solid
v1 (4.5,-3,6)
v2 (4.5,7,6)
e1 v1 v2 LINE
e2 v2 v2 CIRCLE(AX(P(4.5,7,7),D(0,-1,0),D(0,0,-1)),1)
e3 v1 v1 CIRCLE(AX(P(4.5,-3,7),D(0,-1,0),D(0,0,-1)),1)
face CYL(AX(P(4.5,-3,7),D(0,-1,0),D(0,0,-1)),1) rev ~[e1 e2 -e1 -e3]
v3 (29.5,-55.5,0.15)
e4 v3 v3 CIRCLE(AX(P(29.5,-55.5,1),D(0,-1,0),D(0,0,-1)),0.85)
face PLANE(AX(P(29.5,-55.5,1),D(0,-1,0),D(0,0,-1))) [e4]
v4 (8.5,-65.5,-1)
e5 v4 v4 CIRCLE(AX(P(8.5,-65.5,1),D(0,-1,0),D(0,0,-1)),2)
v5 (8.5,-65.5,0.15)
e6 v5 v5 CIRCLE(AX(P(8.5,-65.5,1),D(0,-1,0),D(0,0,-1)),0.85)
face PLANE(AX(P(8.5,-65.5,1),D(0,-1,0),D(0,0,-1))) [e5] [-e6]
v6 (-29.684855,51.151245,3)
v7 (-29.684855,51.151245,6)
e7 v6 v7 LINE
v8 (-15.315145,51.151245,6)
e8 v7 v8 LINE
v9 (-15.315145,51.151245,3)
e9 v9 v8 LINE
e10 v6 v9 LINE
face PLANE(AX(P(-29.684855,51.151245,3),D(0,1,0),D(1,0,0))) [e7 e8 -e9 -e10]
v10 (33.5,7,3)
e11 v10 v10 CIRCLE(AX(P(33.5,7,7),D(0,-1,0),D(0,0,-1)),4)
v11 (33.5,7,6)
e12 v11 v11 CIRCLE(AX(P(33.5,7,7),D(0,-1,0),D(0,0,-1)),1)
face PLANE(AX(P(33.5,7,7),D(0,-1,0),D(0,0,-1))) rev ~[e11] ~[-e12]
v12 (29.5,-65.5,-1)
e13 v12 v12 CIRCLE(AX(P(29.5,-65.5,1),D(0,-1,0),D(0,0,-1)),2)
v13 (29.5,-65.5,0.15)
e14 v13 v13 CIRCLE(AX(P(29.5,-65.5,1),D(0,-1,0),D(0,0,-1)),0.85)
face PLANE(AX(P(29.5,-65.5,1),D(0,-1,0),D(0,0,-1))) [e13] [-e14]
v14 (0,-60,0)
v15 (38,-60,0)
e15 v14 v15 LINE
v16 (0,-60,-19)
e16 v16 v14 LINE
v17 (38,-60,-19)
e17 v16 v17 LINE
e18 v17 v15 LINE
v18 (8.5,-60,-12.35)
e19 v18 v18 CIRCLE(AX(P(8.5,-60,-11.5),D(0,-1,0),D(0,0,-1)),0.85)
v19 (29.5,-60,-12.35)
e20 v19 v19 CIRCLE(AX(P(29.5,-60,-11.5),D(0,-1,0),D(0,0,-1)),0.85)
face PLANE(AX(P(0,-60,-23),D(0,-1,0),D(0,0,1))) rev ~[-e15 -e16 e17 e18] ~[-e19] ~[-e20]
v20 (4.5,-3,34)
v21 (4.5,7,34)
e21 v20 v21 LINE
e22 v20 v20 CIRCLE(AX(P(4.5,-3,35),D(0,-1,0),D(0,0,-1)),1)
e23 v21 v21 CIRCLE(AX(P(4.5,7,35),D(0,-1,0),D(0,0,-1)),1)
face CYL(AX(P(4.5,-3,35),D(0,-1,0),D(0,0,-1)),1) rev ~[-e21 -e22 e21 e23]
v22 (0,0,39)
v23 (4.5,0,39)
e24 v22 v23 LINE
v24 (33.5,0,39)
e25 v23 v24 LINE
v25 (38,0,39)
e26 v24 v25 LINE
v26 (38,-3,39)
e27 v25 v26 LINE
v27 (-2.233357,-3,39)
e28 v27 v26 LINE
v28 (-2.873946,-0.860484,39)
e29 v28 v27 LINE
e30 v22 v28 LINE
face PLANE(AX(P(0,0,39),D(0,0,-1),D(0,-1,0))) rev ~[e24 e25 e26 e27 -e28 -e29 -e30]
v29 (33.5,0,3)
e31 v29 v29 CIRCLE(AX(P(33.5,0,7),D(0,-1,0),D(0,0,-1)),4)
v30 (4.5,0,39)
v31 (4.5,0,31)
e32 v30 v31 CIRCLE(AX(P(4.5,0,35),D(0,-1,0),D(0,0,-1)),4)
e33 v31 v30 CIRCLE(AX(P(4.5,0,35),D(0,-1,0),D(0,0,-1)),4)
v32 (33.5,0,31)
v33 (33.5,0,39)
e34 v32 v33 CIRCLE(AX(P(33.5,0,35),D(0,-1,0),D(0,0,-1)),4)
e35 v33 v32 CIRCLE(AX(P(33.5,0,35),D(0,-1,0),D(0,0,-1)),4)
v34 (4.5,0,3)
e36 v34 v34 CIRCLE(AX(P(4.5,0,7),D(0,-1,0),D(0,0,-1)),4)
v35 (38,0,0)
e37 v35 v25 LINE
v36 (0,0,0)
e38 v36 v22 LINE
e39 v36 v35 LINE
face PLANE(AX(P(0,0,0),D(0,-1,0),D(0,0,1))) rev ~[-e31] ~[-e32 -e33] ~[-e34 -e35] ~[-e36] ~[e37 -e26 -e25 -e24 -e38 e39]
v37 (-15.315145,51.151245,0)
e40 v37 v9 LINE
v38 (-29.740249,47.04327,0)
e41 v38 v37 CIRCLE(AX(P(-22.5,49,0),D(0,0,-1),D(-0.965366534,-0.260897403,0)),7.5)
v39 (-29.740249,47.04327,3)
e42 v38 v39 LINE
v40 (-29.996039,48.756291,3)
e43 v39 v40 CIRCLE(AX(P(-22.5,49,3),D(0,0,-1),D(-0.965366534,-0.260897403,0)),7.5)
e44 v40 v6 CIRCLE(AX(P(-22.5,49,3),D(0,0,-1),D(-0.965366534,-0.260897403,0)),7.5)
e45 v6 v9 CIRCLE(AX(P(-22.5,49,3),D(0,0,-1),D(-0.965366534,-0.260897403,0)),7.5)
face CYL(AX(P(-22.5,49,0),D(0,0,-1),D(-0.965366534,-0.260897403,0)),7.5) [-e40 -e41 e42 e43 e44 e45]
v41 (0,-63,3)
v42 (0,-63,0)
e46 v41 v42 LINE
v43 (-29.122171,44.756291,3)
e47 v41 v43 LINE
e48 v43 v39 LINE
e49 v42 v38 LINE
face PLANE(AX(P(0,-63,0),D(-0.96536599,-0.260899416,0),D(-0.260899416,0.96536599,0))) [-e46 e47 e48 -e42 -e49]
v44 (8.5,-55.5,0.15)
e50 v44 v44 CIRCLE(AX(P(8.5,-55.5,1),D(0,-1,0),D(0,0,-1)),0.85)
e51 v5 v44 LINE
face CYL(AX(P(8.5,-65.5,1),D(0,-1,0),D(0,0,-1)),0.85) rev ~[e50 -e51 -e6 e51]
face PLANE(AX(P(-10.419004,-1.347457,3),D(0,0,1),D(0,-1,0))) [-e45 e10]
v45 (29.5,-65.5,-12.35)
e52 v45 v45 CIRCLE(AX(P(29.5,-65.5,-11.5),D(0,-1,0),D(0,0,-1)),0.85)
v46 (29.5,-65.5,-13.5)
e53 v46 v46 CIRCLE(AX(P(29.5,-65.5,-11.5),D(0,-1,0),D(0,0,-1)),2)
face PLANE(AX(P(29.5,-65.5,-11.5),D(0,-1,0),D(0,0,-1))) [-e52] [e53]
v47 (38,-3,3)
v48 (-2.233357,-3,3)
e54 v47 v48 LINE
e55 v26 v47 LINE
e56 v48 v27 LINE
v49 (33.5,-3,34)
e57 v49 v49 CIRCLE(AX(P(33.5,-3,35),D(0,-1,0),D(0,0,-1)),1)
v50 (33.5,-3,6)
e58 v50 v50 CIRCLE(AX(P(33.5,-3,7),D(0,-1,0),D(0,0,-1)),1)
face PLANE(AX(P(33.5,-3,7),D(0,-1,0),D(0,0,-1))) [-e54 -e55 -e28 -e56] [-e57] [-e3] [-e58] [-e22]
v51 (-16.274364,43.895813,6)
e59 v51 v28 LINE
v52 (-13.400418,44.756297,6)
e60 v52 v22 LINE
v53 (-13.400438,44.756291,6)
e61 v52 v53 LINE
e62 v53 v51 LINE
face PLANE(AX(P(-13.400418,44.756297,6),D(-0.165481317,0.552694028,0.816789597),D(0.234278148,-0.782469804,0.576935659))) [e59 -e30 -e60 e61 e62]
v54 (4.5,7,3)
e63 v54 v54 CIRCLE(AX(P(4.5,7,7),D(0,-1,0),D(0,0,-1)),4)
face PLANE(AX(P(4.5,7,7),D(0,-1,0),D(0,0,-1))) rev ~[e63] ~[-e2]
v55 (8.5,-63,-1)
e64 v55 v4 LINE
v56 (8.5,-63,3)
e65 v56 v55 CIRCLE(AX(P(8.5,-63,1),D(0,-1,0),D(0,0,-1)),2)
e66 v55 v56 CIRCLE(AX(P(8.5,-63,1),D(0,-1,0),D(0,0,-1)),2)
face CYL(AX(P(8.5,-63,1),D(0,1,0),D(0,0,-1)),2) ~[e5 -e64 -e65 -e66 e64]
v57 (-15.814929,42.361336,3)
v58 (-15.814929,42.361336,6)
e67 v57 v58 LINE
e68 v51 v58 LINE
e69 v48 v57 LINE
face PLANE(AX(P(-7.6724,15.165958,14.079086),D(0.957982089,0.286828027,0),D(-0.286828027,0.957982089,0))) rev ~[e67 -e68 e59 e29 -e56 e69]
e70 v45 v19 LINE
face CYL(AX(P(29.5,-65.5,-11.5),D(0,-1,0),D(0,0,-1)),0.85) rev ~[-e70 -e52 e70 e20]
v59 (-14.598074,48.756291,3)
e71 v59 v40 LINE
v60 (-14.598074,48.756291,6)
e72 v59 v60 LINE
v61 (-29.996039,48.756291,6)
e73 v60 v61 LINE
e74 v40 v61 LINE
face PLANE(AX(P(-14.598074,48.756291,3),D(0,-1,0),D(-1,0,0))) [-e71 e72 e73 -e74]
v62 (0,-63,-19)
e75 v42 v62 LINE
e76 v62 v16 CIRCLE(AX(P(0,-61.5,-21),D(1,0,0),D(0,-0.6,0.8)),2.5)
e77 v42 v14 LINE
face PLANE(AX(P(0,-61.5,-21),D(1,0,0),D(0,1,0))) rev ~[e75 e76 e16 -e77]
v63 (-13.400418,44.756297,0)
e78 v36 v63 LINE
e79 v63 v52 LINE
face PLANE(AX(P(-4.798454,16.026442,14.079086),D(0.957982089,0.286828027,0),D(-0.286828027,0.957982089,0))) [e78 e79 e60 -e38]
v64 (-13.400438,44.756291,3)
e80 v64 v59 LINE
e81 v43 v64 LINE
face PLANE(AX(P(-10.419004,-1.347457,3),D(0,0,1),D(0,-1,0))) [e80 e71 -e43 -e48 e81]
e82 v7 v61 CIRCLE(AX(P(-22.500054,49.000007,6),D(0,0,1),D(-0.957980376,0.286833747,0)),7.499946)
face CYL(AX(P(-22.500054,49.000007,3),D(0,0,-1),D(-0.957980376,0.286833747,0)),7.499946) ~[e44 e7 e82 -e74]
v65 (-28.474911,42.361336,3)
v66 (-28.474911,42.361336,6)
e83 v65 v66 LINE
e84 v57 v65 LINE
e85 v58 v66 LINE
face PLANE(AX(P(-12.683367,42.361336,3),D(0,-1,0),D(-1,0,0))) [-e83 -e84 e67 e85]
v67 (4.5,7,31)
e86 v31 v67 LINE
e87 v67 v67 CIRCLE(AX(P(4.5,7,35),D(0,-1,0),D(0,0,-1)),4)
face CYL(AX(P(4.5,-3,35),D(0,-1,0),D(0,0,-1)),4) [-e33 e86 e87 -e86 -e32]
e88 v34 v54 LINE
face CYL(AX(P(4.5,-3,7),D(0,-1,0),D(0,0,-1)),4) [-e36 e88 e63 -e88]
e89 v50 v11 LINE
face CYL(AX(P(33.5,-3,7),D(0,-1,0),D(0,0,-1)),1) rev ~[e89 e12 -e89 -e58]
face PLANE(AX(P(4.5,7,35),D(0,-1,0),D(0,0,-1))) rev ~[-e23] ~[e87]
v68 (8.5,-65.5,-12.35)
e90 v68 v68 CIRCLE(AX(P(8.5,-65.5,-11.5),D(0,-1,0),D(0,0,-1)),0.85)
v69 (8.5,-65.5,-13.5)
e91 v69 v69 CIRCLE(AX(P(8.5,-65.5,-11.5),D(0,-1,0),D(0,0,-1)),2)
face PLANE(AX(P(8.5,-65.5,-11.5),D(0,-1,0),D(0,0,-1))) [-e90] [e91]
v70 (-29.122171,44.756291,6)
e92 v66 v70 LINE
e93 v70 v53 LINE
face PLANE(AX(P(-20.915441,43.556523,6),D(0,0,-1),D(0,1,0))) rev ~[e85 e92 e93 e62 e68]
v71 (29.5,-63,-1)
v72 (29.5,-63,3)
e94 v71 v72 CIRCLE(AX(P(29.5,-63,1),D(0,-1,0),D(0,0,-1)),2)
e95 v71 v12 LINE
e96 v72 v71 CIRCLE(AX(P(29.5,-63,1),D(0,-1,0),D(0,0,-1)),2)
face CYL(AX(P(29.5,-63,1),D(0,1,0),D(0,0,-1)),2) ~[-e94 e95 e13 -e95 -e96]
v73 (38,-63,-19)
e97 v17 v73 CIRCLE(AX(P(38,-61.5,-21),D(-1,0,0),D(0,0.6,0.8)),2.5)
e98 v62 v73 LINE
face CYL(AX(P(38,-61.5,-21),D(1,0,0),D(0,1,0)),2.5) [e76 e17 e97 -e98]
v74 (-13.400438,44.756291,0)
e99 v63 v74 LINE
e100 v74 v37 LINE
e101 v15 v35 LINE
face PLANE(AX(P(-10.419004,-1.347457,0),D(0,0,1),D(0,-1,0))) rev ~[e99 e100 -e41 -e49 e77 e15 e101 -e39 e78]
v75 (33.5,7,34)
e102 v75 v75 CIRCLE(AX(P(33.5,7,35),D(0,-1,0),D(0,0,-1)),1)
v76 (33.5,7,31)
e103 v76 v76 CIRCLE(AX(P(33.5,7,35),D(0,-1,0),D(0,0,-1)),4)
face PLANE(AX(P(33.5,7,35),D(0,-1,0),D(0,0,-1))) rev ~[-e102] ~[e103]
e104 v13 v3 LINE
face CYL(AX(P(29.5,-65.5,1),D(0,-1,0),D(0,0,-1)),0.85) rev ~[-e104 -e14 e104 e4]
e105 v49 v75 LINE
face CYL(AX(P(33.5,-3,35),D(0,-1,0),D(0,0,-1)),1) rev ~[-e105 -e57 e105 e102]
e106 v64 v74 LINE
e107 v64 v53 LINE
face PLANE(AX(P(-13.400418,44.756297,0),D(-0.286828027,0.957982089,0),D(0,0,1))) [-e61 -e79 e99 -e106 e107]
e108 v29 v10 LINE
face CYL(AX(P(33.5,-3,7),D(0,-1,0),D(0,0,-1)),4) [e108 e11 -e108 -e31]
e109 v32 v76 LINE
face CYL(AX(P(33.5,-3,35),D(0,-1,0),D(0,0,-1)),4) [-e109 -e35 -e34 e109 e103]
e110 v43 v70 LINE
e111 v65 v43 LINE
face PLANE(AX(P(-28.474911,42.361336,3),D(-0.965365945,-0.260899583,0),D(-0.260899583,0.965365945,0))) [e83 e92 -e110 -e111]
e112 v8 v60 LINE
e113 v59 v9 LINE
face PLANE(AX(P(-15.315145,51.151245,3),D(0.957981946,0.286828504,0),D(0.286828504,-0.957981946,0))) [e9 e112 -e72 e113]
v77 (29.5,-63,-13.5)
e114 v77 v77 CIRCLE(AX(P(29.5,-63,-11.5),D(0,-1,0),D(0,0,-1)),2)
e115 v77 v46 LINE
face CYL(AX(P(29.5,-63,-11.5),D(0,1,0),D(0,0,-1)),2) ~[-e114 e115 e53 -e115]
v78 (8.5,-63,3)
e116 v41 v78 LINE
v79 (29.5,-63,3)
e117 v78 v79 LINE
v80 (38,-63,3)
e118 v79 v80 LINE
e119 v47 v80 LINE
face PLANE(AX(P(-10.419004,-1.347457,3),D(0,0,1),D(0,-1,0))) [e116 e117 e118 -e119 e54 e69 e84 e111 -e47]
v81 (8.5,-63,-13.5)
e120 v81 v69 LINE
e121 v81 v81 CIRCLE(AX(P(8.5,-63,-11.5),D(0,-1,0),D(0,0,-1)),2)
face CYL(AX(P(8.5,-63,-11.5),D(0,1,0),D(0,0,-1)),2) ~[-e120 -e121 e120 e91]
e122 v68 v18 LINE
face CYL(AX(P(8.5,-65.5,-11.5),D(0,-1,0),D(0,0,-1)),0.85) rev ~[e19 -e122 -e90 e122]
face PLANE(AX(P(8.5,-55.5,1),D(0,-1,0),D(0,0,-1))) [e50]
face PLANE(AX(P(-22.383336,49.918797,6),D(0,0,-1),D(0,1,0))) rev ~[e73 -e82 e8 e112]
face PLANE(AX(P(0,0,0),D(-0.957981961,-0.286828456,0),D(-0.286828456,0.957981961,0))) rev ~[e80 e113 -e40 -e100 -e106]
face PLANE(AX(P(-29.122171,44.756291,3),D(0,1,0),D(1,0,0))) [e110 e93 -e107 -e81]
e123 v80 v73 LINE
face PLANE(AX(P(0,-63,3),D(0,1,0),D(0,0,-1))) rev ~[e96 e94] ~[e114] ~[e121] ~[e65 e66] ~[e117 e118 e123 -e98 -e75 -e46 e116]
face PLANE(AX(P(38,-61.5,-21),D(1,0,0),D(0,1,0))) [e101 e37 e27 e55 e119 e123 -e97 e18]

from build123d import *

# Parameters (mm, degrees)
PAD_DEPTH       = 38
SKETCH001_R     = 2.5
PAD001_DEPTH    = 38
SKETCH002_R     = 2
PAD002_DEPTH    = 2.5
SKETCH003_R     = 0.85
POCKET_DEPTH    = 10
SKETCH004_R     = 4
PAD003_DEPTH    = 10
SKETCH005_R     = 1
POCKET001_DEPTH = 10.001
PAD004_DEPTH    = 3
PAD005_DEPTH    = 3
PAD006_DEPTH    = 3
SKETCH009_W     = 60
SKETCH009_H     = 36
POCKET002_DEPTH = 68.001


with BuildPart() as part:
    # Sketch → Pad (new body)
    with BuildSketch(Plane.YZ):
        Polygon((-63, 3), (-63, -23), (-60, -23), (-60, 0), (0, 0), (0, 39), (-3, 39), (-3, 3), align=None)
    extrude(amount=PAD_DEPTH)

    # Sketch001 (on Face10 of Pad) → Pad001 (new body)
    with BuildSketch(Plane.YZ.offset(38)):
        with Locations((-61.5, -21)):
            Circle(SKETCH001_R)
    extrude(amount=-PAD001_DEPTH)

    # Sketch002 (on Face3 of Pad001) → Pad002 (new body)
    with BuildSketch(Plane(origin=(0, -63, 0), x_dir=(0, 0, -1), z_dir=(0, -1, 0))):
        with Locations((-1, 29.5)):
            Circle(SKETCH002_R)
        with Locations((-1, 8.5)):
            Circle(SKETCH002_R)
        with Locations((11.5, 8.5)):
            Circle(SKETCH002_R)
        with Locations((11.5, 29.5)):
            Circle(SKETCH002_R)
    extrude(amount=PAD002_DEPTH)

    # Sketch003 (on Face25 of Pad002) → Pocket (cut)
    with BuildSketch(Plane(origin=(0, -65.5, 0), x_dir=(0, 0, -1), z_dir=(0, -1, 0))):
        with Locations((11.5, 29.5)):
            Circle(SKETCH003_R)
        with Locations((11.5, 8.5)):
            Circle(SKETCH003_R)
        with Locations((-1, 29.5)):
            Circle(SKETCH003_R)
        with Locations((-1, 8.5)):
            Circle(SKETCH003_R)
    extrude(amount=-POCKET_DEPTH, mode=Mode.SUBTRACT)

    # Sketch004 (on Face1 of Pocket) → Pad003 (new body)
    with BuildSketch(Plane(origin=(0, -3, 0), x_dir=(0, 0, -1), z_dir=(0, -1, 0))):
        with Locations((-7, 33.5)):
            Circle(SKETCH004_R)
        with Locations((-7, 4.5)):
            Circle(SKETCH004_R)
        with Locations((-35, 33.5)):
            Circle(SKETCH004_R)
        with Locations((-35, 4.5)):
            Circle(SKETCH004_R)
    extrude(amount=-PAD003_DEPTH)

    # Sketch005 (on Face29 of Pad003) → Pocket001 (cut, through all)
    with BuildSketch(Plane(origin=(0, -3, 0), x_dir=(0, 0, -1), z_dir=(0, -1, 0))):
        with Locations((-35, 33.5)):
            Circle(SKETCH005_R)
        with Locations((-7, 33.5)):
            Circle(SKETCH005_R)
        with Locations((-7, 4.5)):
            Circle(SKETCH005_R)
        with Locations((-35, 4.5)):
            Circle(SKETCH005_R)
    extrude(amount=-POCKET001_DEPTH, mode=Mode.SUBTRACT)

    # Sketch006 (on Face5 of Pocket001) → Pad004 (new body)
    with BuildSketch(Plane.YX):
        with BuildLine():
            Line((0, 0), (51.151245, -15.315145))
            ThreePointArc((47.04327, -29.740249), (56.213208, -24.554175), (51.151245, -15.315145))
            Line((-63, 0), (47.04327, -29.740249))
            Line((-63, 0), (0, 0))
        make_face()
    extrude(amount=-PAD004_DEPTH)

    # Sketch007 (on Face28 of Pad004) → Pad005 (new body)
    with BuildSketch(Plane(origin=(0, 0, 3), x_dir=(0, -1, 0), z_dir=(0, 0, 1))):
        with BuildLine():
            Line((-51.151245, -15.315145), (-48.756291, -14.598074))
            Line((-48.756291, -14.598074), (-48.756291, -29.996039))
            ThreePointArc((-51.151245, -29.684855), (-49.966376, -29.937481), (-48.756291, -29.996039))
            Line((-51.151245, -29.684855), (-51.151245, -15.315145))
        make_face()
        Polygon((-44.756291, -13.400438), (-42.361336, -12.683367), (-42.361336, -28.474911), (-44.756291, -29.122171), align=None)
    extrude(amount=PAD005_DEPTH)

    # Sketch008 (on Face38 of Pad005) → Pad006 (new body)
    with BuildSketch(Plane(origin=(0, 0, 0), x_dir=(-0.286828, 0.957982, 0), z_dir=(0.957982, 0.286828, 0))):
        Polygon((-2.873946, 0), (46.719346, 0), (46.719346, 6), (0, 39), (-2.873946, 39), align=None)
    extrude(amount=-PAD006_DEPTH)

    # Sketch009 (on Face11 of Pad006) → Pocket002 (cut, through all)
    with BuildSketch(Plane.YZ.offset(38)):
        with Locations((-33, 21)):
            Rectangle(SKETCH009_W, SKETCH009_H)
    extrude(amount=-POCKET002_DEPTH, mode=Mode.SUBTRACT)


solid = part.part
